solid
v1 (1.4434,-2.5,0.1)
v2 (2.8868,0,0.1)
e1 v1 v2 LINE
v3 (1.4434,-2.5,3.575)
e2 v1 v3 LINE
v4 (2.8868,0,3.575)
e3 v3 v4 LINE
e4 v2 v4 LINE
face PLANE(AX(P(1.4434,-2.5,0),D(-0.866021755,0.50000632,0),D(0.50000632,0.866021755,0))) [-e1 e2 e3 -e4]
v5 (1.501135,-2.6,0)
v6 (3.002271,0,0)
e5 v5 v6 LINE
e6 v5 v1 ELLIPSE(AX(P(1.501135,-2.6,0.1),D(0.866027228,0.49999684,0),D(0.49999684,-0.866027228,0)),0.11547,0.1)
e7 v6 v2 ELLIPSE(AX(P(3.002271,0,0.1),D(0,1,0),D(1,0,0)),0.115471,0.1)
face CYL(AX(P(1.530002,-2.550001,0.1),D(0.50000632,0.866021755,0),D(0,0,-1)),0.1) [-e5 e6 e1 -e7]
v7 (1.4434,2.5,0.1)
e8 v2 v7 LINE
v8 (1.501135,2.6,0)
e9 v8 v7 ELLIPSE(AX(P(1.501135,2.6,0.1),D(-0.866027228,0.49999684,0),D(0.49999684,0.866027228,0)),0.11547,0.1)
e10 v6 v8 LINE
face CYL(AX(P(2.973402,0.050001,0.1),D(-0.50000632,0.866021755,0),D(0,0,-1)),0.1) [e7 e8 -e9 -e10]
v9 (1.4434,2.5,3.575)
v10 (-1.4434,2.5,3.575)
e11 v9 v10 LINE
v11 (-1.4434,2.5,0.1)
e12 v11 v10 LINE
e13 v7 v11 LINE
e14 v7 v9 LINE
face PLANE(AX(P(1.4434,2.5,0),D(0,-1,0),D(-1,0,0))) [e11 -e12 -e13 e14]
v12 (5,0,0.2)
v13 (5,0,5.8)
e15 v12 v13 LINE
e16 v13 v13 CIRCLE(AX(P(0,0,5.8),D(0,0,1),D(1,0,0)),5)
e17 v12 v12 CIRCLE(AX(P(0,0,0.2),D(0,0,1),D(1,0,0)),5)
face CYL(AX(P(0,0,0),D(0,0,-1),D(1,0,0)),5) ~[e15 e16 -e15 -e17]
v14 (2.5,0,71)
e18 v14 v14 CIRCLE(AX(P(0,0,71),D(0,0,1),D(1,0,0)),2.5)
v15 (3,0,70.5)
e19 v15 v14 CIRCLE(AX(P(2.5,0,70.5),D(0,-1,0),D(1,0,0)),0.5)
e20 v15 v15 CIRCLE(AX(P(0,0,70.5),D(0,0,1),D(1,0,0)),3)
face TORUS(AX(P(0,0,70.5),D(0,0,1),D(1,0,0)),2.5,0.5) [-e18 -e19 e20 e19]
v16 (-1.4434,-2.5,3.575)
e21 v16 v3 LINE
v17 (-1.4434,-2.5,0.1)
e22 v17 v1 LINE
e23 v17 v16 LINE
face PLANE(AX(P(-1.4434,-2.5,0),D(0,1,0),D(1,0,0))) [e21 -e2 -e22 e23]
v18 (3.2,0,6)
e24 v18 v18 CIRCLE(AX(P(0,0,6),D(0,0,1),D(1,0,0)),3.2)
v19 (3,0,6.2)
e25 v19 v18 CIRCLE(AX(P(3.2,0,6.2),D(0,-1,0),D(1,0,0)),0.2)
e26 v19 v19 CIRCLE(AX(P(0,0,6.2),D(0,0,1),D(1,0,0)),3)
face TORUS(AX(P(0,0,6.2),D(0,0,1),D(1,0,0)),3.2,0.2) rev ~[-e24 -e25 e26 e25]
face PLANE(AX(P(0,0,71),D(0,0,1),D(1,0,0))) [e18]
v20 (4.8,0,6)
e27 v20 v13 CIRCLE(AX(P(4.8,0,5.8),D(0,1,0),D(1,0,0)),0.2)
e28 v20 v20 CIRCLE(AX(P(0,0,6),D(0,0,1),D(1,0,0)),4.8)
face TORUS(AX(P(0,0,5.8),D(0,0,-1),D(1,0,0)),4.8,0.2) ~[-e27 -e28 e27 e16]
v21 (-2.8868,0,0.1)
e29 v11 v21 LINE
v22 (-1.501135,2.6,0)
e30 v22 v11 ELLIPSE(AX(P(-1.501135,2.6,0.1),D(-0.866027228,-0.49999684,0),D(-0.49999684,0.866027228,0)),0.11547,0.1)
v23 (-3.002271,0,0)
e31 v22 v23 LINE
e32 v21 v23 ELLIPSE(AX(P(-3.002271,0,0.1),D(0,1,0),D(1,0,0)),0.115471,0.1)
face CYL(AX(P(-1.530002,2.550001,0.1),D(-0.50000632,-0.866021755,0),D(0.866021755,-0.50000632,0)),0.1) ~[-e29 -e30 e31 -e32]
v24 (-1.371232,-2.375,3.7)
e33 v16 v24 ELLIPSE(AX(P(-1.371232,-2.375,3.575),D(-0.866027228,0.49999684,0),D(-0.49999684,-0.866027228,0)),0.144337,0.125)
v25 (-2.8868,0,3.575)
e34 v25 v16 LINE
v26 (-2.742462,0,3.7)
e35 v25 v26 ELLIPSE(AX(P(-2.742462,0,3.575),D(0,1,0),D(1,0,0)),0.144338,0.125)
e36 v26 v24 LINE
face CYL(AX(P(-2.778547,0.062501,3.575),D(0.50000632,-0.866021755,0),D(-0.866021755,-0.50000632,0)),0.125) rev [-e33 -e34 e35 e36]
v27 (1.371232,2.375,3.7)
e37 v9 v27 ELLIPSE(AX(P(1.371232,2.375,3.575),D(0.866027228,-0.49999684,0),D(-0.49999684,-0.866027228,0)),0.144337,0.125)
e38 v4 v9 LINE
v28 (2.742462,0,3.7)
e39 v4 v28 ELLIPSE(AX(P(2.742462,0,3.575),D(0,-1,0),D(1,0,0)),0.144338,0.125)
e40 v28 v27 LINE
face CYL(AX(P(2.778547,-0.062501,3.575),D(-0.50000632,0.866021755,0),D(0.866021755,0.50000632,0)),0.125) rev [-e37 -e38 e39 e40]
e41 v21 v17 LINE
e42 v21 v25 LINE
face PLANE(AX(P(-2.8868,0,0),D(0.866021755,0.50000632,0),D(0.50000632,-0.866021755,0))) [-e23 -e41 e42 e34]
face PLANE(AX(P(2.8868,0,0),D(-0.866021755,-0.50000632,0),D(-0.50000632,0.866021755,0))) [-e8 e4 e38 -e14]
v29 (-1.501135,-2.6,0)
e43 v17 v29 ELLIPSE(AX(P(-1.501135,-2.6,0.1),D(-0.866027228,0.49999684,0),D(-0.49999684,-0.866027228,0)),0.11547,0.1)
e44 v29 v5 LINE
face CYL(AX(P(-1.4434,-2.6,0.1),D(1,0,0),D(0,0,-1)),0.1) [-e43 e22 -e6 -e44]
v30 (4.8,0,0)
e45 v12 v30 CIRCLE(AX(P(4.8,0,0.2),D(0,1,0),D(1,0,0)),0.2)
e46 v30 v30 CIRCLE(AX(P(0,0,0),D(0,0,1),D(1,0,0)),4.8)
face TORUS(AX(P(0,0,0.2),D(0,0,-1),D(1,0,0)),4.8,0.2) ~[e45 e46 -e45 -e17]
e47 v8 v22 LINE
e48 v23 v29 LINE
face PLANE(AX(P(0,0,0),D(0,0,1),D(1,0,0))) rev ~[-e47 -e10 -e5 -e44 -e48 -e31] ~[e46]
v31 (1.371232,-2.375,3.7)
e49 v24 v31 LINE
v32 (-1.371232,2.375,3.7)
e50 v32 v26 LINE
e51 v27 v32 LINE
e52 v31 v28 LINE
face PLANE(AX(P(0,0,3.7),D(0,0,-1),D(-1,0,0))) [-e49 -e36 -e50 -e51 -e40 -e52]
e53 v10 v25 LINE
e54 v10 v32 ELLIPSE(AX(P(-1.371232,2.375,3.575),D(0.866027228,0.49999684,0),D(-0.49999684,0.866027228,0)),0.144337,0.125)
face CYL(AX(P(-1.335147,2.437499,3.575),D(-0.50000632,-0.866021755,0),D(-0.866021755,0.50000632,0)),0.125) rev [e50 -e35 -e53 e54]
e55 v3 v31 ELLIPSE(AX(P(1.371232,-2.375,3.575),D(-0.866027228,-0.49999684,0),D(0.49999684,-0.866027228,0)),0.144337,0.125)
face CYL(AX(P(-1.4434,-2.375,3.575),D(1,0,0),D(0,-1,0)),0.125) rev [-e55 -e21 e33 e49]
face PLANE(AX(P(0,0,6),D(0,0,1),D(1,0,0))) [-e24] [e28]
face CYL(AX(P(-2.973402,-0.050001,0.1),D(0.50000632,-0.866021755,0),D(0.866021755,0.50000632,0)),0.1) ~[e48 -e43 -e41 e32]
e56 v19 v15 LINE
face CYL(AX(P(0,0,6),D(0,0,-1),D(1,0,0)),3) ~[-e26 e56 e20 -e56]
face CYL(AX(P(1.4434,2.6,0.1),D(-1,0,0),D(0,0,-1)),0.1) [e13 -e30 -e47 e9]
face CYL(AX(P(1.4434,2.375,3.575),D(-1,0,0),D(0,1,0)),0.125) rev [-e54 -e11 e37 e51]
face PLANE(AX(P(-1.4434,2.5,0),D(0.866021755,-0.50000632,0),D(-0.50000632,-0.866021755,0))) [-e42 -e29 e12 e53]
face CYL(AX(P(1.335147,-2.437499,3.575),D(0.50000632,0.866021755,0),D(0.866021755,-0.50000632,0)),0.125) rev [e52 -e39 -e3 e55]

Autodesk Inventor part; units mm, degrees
ref_plane "YZ Plane" through (0, 0, 0) normal (1, 0, 0) x (0, 1, 0)
ref_plane "XZ Plane" through (0, 0, 0) normal (0, 1, 0) x (-1, 0, 0)
ref_plane "XY Plane" through (0, 0, 0) normal (0, 0, 1) x (1, 0, 0)
sketch "Sketch1" plane through (0, 0, 0) normal (0, 0, 1) x (1, 0, 0)
  circle A0 centre (0, 0) radius 5
  dimension "d0" = 10
extrude "Extrusion1" add sketch "Sketch1" along normal blind 6
sketch "Sketch2" plane through (0, 0, 6) normal (0, 0, 1) x (1, 0, 0)
  circle A0 centre (0, 0) radius 3
  dimension "d3" = 6
extrude "Extrusion2" add sketch "Sketch2" along normal blind 65
thread "Thread1" size "M6x1" class "6g" standard "ISO Metric profile" length 24
fillet "Fillet2" radius 0.5 1 edges at (-3, 0, 71)
fillet "Fillet3" radius 0.2 3 edges at (-5, 0, 6) (-3, 0, 6) (-5, 0, 0)
sketch "Sketch5" plane through (0, 0, 0) normal (0, 0, -1) x (-1, 0, 0)
  line L0 (2.8868, 0) -> (1.4434, -2.5)
  line L1 (1.4434, -2.5) -> (-1.4434, -2.5)
  line L2 (-1.4434, -2.5) -> (-2.8868, 0)
  line L3 (-2.8868, 0) -> (-1.4434, 2.5)
  line L4 (-1.4434, 2.5) -> (1.4434, 2.5)
  line L5 (1.4434, 2.5) -> (2.8868, 0)
  point P0 (0, 0)
  point P1 (0, 0)
  dimension "d15" = 5
extrude "Extrusion4" cut sketch "Sketch5" against normal blind 3.7
fillet "Fillet6" radius 0.125 6 edges at (-2.1651, -1.25, 3.7) (0, -2.5, 3.7) (0, 2.5, 3.7) (-2.1651, 1.25, 3.7) (2.1651, -1.25, 3.7) (2.1651, 1.25, 3.7)
fillet "Fillet7" radius 0.1 6 edges at (-2.1651, -1.25, 0) (0, -2.5, 0) (2.1651, -1.25, 0) (2.1651, 1.25, 0) (0, 2.5, 0) (-2.1651, 1.25, 0)
properties part number "MM-MMount_to_Frame-Bolt"
